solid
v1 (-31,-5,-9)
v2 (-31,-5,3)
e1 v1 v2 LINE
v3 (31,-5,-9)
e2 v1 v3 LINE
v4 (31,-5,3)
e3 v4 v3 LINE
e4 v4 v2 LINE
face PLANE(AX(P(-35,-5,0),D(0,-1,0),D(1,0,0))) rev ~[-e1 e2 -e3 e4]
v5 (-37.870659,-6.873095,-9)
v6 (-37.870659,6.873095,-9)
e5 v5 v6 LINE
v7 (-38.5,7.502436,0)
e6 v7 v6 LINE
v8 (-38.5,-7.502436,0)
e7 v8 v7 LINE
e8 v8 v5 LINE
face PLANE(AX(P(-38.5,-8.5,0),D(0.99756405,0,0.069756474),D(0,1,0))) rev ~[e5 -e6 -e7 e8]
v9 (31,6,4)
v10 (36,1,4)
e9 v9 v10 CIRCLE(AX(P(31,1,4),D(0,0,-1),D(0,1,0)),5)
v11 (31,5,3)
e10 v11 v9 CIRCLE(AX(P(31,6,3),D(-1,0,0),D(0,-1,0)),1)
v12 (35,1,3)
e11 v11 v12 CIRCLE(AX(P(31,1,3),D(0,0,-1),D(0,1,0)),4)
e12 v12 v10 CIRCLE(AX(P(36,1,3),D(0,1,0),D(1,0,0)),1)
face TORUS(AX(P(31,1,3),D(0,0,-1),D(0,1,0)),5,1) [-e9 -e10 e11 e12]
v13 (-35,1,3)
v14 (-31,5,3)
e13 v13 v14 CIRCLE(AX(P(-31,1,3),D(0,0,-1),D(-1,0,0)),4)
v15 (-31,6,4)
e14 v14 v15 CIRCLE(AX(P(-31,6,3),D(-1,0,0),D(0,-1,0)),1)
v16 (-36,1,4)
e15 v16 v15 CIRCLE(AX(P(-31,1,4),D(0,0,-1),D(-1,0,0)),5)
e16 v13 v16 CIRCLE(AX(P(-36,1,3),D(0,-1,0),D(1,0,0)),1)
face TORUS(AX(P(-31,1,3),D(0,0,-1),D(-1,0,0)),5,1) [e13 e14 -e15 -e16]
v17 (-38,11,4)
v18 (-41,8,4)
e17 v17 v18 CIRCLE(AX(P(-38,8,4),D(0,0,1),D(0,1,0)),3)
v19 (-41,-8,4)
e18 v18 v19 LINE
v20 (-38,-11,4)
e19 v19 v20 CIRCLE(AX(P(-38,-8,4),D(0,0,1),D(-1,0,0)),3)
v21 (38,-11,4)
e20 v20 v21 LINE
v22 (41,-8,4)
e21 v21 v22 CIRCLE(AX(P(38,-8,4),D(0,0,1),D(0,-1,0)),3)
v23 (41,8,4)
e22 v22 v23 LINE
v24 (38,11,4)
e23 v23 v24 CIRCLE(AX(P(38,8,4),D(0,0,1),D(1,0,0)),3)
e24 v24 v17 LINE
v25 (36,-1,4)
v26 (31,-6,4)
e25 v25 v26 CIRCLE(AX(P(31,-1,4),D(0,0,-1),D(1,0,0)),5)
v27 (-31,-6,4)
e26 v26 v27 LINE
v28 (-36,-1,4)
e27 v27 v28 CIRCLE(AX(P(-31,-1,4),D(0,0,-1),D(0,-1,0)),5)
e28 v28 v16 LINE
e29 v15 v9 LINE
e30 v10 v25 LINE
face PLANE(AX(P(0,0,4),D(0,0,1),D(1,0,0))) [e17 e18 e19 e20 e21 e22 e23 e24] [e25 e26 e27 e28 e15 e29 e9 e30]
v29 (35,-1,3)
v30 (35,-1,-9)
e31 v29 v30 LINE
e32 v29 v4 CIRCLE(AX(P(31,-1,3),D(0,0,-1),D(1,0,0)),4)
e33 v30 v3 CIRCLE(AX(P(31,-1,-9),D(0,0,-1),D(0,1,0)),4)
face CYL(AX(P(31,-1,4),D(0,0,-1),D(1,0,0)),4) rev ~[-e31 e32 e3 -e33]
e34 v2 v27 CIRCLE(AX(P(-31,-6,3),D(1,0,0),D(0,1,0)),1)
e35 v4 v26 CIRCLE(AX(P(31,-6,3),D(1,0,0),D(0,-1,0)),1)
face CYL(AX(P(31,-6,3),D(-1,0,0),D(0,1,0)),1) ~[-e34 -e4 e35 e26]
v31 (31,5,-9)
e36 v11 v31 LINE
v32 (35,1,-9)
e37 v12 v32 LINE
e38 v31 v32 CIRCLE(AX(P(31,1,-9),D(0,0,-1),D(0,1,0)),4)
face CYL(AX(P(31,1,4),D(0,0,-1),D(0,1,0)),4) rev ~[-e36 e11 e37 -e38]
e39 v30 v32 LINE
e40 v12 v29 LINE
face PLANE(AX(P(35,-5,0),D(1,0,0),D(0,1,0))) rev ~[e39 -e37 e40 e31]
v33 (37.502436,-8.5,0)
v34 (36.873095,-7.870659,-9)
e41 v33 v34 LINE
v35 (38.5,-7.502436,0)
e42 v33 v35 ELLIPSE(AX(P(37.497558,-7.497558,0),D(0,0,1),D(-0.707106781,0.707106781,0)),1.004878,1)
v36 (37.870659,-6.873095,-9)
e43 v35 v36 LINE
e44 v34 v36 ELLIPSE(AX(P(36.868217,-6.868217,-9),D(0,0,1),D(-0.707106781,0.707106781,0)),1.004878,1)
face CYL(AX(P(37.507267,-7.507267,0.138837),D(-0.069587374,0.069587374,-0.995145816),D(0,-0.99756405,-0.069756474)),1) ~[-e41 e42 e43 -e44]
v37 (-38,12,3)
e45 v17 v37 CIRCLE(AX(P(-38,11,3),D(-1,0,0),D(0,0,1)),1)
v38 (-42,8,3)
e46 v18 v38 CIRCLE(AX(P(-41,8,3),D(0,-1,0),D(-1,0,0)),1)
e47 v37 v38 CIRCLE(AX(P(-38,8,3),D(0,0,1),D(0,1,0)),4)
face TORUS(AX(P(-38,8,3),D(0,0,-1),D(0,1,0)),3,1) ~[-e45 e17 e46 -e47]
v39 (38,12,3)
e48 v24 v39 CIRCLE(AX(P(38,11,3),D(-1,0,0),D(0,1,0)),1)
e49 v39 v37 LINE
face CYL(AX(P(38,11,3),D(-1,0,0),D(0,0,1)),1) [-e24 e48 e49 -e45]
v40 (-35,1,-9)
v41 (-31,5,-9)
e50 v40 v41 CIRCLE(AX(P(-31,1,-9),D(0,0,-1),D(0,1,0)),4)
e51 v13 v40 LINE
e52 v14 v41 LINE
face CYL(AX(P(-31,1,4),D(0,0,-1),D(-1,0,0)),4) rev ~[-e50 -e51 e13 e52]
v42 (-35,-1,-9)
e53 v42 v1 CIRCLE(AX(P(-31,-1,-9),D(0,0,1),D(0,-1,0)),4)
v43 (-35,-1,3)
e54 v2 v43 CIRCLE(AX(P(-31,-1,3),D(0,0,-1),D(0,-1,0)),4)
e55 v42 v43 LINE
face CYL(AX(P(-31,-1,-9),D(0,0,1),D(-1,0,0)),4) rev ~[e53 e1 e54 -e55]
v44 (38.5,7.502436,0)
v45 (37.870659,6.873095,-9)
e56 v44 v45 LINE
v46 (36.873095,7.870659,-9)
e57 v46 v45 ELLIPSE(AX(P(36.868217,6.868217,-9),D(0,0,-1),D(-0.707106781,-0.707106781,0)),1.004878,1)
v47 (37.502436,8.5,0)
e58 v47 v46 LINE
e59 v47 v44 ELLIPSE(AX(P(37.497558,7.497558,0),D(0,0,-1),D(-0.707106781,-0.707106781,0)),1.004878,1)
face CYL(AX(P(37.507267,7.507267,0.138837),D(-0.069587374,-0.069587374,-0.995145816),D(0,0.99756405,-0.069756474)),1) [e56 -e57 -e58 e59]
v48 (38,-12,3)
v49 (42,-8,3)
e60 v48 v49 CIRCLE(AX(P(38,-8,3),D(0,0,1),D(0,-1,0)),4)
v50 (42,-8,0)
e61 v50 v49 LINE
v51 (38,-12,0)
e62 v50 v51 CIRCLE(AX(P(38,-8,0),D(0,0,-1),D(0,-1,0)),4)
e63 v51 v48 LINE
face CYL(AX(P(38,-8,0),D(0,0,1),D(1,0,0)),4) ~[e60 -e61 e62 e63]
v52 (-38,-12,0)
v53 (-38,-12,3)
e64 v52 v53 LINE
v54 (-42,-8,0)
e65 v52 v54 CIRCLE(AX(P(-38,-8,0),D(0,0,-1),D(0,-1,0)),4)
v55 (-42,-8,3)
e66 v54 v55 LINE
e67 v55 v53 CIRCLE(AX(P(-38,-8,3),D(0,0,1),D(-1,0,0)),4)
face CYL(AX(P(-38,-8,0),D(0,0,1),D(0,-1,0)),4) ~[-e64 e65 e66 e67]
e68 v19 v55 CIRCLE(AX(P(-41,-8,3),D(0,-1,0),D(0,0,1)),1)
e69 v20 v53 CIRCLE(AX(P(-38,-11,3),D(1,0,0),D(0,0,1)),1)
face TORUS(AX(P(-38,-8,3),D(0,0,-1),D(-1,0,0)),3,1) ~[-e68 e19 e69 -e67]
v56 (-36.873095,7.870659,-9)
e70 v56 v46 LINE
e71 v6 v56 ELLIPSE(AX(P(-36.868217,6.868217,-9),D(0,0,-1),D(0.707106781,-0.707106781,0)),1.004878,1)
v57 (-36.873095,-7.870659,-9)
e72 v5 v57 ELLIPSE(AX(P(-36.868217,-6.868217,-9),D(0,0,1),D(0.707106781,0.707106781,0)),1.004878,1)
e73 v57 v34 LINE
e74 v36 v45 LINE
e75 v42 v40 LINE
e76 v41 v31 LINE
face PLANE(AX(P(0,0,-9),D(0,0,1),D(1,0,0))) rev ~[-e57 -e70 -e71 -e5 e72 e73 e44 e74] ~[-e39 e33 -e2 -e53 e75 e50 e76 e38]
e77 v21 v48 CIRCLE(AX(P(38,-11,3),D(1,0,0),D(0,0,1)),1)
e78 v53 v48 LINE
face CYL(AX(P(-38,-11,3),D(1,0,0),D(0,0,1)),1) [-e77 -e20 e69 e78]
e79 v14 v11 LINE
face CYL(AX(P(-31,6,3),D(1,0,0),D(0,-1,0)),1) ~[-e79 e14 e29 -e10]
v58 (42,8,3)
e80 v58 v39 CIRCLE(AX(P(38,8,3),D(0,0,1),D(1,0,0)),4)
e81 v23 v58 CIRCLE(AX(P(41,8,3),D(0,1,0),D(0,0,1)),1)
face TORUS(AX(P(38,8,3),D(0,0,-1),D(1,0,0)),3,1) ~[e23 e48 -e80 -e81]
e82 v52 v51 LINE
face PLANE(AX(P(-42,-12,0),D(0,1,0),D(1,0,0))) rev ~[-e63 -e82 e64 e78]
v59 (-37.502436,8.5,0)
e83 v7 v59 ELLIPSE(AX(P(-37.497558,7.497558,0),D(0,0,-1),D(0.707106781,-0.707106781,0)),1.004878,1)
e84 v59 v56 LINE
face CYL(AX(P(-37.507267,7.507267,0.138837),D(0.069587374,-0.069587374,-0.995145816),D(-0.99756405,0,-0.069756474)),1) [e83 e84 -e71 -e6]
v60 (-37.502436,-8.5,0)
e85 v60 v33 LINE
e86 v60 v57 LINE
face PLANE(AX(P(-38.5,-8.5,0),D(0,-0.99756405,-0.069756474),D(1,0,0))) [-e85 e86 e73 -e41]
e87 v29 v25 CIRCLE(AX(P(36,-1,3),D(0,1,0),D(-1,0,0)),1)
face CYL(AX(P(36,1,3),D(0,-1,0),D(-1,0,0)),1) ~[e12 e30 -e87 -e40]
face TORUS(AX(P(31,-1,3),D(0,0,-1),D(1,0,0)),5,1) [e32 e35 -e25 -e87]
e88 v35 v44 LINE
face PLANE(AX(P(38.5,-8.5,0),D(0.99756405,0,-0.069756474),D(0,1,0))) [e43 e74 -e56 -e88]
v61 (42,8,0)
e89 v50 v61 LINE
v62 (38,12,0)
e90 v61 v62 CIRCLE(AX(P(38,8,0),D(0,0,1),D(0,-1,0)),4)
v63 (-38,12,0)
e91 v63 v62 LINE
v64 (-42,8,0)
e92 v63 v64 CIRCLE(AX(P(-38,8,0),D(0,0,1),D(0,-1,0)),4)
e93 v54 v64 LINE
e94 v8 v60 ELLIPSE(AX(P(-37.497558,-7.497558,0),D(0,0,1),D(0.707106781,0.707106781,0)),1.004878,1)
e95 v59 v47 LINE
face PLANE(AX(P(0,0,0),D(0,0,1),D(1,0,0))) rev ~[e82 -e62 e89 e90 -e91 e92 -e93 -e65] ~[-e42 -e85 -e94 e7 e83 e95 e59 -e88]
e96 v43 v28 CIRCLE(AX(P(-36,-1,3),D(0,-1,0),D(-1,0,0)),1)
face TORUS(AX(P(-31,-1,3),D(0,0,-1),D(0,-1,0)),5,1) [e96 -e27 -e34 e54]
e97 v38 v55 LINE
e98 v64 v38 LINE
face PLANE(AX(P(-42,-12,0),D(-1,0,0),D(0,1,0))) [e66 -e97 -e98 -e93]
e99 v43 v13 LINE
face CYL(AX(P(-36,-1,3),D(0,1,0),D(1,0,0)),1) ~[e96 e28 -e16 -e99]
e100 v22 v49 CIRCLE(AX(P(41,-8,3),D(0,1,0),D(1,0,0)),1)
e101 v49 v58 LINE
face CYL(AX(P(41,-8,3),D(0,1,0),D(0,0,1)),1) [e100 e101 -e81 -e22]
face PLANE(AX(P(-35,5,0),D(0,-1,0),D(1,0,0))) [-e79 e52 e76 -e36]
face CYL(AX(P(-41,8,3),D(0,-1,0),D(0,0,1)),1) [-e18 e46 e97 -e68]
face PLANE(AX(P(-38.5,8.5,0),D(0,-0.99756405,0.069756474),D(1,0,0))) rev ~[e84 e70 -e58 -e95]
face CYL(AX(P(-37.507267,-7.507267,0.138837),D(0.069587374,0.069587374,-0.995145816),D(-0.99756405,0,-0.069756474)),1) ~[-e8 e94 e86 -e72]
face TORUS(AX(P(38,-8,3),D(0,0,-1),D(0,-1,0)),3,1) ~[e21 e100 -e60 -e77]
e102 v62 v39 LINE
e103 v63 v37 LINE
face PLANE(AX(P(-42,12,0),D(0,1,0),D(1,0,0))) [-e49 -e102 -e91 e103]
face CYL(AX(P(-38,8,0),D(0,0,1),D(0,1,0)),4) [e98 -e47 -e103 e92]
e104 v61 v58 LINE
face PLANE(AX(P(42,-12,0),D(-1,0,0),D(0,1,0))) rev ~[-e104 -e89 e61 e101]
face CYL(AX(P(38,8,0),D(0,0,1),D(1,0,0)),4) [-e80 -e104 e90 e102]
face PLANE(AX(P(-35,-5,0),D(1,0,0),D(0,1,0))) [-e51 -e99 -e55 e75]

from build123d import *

# Parameters (mm, degrees)
SKETCH2_W           = 84
SKETCH2_H           = 24
SKETCH2_W_2         = 70
SKETCH2_H_2         = 10
BOSS_EXTRUDE1_DEPTH = 4
SKETCH3_W           = 77
SKETCH3_H           = 17
SKETCH3_W_2         = 70
SKETCH3_H_2         = 10
BOSS_EXTRUDE2_DEPTH = 9
DRAFT2_ANGLE        = 4
FILLET2_R           = 4
FILLET1_R           = 1
FILLET3_R           = 1


with BuildPart() as part:
    # Sketch2 → Boss-Extrude1 (new body)
    with BuildSketch(Plane.XY):
        Rectangle(SKETCH2_W, SKETCH2_H)
        Rectangle(SKETCH2_W_2, SKETCH2_H_2, mode=Mode.SUBTRACT)
    extrude(amount=BOSS_EXTRUDE1_DEPTH)

    # Sketch3 → Boss-Extrude2 (add)
    with BuildSketch(Plane.XY):
        Rectangle(SKETCH3_W, SKETCH3_H)
        Rectangle(SKETCH3_W_2, SKETCH3_H_2, mode=Mode.SUBTRACT)
    extrude(amount=-BOSS_EXTRUDE2_DEPTH)

    # Draft2
    draft2_faces = [part.faces().sort_by_distance(p)[0] for p in [
        (0, 8.5, -4.5),
        (-38.5, 0, -4.5),
        (38.5, 0, -4.5),
        (0, -8.5, -4.5),
    ]]
    draft(draft2_faces, Plane(origin=(0, 0, 0), x_dir=(-1, 0, 0), z_dir=(0, 0, -1)), DRAFT2_ANGLE)

    # Fillet2
    fillet2_edges = [part.edges().sort_by_distance(p)[0] for p in [
        (35, -5, -2.5),
        (35, 5, -2.5),
        (-35, 5, -2.5),
        (-35, -5, -2.5),
        (42, -12, 2),
        (-42, -12, 2),
        (-42, 12, 2),
        (42, 12, 2),
    ]]
    fillet(fillet2_edges, radius=FILLET2_R)

    # Fillet1
    fillet1_edges = [part.edges().sort_by_distance(p)[0] for p in [
        (0, -12, 4),
        (-42, 0, 4),
        (42, 0, 4),
        (0, 12, 4),
        (0, 5, 4),
        (35, 0, 4),
        (0, -5, 4),
        (-35, 0, 4),
        (40.828427125, -10.828427125, 4),
        (40.828427125, 10.828427125, 4),
        (-40.828427125, 10.828427125, 4),
        (-40.828427125, -10.828427125, 4),
        (33.828427125, 3.828427125, 4),
        (-33.828427125, 3.828427125, 4),
        (-33.828427125, -3.828427125, 4),
        (33.828427125, -3.828427125, 4),
    ]]
    fillet(fillet1_edges, radius=FILLET1_R)

    # Fillet3
    fillet3_edges = [part.edges().sort_by_distance(p)[0] for p in [
        (-38.185329346, -8.185329346, -4.5),
        (-38.185329346, 8.185329346, -4.5),
        (38.185329346, 8.185329346, -4.5),
        (38.185329346, -8.185329346, -4.5),
    ]]
    fillet(fillet3_edges, radius=FILLET3_R)


solid = part.part
